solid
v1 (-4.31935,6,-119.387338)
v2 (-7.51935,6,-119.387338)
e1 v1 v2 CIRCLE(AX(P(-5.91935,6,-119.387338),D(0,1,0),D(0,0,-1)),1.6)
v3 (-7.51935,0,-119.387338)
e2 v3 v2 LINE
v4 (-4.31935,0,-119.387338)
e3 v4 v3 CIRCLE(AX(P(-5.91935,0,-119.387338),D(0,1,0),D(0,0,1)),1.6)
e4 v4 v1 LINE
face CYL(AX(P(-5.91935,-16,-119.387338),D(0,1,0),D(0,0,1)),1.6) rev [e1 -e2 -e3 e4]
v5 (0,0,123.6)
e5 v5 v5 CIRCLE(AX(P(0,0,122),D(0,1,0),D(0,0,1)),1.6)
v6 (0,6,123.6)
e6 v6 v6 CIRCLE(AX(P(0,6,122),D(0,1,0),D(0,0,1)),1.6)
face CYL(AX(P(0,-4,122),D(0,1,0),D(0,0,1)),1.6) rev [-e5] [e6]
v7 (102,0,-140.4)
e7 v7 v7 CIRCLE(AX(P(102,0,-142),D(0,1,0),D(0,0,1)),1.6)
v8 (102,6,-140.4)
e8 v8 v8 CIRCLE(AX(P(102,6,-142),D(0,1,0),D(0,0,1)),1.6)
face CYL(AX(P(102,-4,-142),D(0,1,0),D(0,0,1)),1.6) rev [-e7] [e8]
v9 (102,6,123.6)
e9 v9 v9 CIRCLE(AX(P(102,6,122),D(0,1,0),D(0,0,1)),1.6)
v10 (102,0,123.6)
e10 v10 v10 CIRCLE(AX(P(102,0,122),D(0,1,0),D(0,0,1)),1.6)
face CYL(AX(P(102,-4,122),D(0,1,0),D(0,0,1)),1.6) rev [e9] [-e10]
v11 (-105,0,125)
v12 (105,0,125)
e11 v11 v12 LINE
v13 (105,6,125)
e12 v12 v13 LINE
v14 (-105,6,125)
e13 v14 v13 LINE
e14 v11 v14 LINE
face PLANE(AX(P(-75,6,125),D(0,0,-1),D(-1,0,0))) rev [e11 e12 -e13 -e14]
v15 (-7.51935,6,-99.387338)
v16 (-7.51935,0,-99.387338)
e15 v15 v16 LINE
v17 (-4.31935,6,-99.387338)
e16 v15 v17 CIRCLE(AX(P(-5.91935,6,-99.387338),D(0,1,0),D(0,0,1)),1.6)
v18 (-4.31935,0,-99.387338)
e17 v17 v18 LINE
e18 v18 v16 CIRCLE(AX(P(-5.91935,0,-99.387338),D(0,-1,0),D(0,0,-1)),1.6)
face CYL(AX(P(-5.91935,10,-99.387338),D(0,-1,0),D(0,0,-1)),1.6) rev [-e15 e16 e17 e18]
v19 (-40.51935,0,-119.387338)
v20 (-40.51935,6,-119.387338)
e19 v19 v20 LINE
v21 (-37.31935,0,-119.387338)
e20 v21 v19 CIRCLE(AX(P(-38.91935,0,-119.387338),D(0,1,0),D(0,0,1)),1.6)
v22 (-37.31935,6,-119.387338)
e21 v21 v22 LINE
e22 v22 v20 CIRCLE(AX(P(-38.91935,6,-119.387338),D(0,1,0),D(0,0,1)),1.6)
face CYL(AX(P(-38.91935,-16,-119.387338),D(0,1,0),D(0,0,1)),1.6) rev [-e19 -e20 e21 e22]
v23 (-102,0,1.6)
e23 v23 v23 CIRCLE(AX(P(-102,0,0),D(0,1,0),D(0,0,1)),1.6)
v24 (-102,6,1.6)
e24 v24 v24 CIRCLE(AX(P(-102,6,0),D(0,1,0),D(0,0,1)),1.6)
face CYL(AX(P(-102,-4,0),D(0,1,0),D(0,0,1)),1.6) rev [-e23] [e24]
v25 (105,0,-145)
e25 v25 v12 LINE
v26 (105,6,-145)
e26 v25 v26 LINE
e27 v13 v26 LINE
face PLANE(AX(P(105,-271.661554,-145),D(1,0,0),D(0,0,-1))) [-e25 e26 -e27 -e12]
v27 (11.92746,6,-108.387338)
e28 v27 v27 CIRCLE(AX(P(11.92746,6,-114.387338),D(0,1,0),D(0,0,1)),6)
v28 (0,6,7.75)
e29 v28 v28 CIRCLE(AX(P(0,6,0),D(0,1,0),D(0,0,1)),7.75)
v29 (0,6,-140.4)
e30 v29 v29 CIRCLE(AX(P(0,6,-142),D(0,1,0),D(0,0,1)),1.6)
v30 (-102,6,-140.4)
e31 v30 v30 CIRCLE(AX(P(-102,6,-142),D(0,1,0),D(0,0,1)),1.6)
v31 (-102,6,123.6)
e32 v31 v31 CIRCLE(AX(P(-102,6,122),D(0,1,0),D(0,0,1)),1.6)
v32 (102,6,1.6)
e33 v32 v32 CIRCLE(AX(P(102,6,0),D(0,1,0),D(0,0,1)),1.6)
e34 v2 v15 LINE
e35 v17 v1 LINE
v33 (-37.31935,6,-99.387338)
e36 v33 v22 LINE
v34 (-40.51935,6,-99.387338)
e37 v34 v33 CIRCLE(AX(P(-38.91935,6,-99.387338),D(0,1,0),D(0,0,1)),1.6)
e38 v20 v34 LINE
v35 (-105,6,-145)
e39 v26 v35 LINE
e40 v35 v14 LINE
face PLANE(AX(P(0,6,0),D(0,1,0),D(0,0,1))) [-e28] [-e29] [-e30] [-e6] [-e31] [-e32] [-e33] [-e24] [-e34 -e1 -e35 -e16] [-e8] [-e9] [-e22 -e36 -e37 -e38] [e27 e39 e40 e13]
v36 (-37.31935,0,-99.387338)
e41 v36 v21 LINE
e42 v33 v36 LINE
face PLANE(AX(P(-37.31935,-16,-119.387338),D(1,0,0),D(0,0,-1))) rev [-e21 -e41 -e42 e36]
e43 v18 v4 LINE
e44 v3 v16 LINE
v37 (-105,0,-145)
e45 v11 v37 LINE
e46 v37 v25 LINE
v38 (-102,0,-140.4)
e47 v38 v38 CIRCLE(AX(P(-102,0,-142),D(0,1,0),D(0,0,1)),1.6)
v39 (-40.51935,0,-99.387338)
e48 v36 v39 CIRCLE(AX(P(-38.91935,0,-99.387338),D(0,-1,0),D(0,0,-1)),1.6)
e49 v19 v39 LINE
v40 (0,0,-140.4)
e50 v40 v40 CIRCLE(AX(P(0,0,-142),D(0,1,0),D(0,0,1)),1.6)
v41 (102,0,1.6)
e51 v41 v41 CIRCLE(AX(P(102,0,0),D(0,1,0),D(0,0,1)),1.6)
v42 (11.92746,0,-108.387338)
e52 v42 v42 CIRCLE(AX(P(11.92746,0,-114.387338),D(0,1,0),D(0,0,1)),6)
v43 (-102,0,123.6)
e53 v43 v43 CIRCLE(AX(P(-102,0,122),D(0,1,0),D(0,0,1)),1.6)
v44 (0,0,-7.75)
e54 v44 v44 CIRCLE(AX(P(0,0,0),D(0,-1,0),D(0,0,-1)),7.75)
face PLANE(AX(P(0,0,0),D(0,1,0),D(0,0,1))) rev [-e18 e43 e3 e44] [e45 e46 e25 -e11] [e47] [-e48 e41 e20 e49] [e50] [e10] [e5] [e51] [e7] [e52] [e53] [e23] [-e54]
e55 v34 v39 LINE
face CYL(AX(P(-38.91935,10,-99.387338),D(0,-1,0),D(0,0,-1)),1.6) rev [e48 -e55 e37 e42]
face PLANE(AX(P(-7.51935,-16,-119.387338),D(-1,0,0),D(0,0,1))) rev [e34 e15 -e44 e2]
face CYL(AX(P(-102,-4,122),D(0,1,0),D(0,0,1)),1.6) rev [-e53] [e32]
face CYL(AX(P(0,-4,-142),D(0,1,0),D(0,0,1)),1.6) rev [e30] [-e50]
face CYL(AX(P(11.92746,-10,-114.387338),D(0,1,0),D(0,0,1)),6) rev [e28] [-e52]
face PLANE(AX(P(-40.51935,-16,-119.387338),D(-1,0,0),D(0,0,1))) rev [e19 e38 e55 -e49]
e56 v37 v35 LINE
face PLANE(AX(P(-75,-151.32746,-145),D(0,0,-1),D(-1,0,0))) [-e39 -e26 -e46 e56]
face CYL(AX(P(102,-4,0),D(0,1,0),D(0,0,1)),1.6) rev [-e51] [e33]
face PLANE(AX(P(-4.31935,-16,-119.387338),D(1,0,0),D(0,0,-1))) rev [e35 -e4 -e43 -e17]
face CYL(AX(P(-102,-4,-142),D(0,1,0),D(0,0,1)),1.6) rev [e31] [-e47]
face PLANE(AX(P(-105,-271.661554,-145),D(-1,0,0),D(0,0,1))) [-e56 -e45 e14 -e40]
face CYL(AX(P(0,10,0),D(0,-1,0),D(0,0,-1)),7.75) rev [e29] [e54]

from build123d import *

# Parameters (mm, degrees)
SKETCH1_W                                         = 150
SKETCH1_H                                         = 250
SKETCH1_R                                         = 1.75
BOSS_EXTRUDE1_DEPTH                               = 6
SKETCH2_R                                         = 11.25
CUT_EXTRUDE1_DEPTH                                = 6
CSK_FOR_M3_FLAT_HEAD_MACHINE_SCREW1_D             = 3.4
CSK_FOR_M3_FLAT_HEAD_MACHINE_SCREW1_CSINK_D       = 6.3
CSK_FOR_M3_FLAT_HEAD_MACHINE_SCREW1_CSINK_ANGLE   = 90
SKETCH5_W                                         = 150
SKETCH5_H                                         = 20
BOSS_EXTRUDE2_DEPTH                               = 6
CUT_EXTRUDE2_DEPTH                                = 22
SKETCH7_R                                         = 6
CUT_EXTRUDE3_DEPTH                                = 16
SKETCH8_W                                         = 30
SKETCH8_H                                         = 270
BOSS_EXTRUDE3_DEPTH                               = 6
SKETCH9_R                                         = 1.6
CUT_EXTRUDE4_DEPTH                                = 10
SKETCH10_R                                        = 1.6
CUT_EXTRUDE5_DEPTH                                = 10
CSK_FOR_M3_5_FLAT_HEAD_MACHINE_SCREW1_D           = 3.7
CSK_FOR_M3_5_FLAT_HEAD_MACHINE_SCREW1_DEPTH       = 6
CSK_FOR_M3_5_FLAT_HEAD_MACHINE_SCREW1_CSINK_D     = 8.2
CSK_FOR_M3_5_FLAT_HEAD_MACHINE_SCREW1_CSINK_ANGLE = 90
CSK_FOR_M3_5_FLAT_HEAD_MACHINE_SCREW1_TIP         = 1.111592145
SKETCH14_W                                        = 49.124994694
SKETCH14_H                                        = 58.099415668
BOSS_EXTRUDE4_DEPTH                               = 6
SKETCH15_R                                        = 7.75
CUT_EXTRUDE6_DEPTH                                = 10
CUT_EXTRUDE7_START                                = -10
CUT_EXTRUDE7_DEPTH                                = 10


with BuildPart() as part:
    # Sketch1 → Boss-Extrude1 (new body)
    with BuildSketch(Plane(origin=(0, 0, 0), x_dir=(1, 0, 0), z_dir=(0, 1, 0))):
        Rectangle(SKETCH1_W, SKETCH1_H)
        with Locations(Location((-9.899494937, 9.899494937, 0), (0, 0, 270))):
            Circle(SKETCH1_R, mode=Mode.SUBTRACT)
        with Locations(Location((9.899494937, 9.899494937, 0), (0, 0, 270))):
            Circle(SKETCH1_R, mode=Mode.SUBTRACT)
        with Locations(Location((-9.899494937, -9.899494937, 0), (0, 0, 270))):
            Circle(SKETCH1_R, mode=Mode.SUBTRACT)
        with Locations(Location((9.899494937, -9.899494937, 0), (0, 0, 270))):
            Circle(SKETCH1_R, mode=Mode.SUBTRACT)
    extrude(amount=BOSS_EXTRUDE1_DEPTH)

    # Sketch2 → Cut-Extrude1 (cut)
    with BuildSketch(Plane(origin=(0, 6, 0), x_dir=(1, 0, 0), z_dir=(0, 1, 0))):
        with Locations(Location((0, 0, 0), (0, 0, 270))):
            Circle(SKETCH2_R)
    extrude(amount=-CUT_EXTRUDE1_DEPTH, mode=Mode.SUBTRACT)

    # CSK for M3 Flat Head Machine Screw1 (through all)
    with Locations(Plane(origin=(0, 6, 0), x_dir=(1, 0, 0), z_dir=(0, 1, 0))):
        with Locations((-9.899494937, 9.899494937), (9.899494937, 9.899494937), (-9.899494937, -9.899494937), (9.899494937, -9.899494937)):
            CounterSinkHole(CSK_FOR_M3_FLAT_HEAD_MACHINE_SCREW1_D / 2, CSK_FOR_M3_FLAT_HEAD_MACHINE_SCREW1_CSINK_D / 2, counter_sink_angle=CSK_FOR_M3_FLAT_HEAD_MACHINE_SCREW1_CSINK_ANGLE)

    # Sketch5 → Boss-Extrude2 (add)
    with BuildSketch(Plane(origin=(0, 6, 0), x_dir=(1, 0, 0), z_dir=(0, 1, 0))):
        with Locations((0, 135)):
            Rectangle(SKETCH5_W, SKETCH5_H)
    extrude(amount=-BOSS_EXTRUDE2_DEPTH)

    # Sketch6 → Cut-Extrude2 (cut)
    with BuildSketch(Plane(origin=(0, 6, 0), x_dir=(1, 0, 0), z_dir=(0, 1, 0))):
        with BuildLine():
            Line((-37.319349673, 119.387337557), (-37.319349673, 109.387337557))
            ThreePointArc((-37.319349673, 109.387337557), (-38.919349673, 107.787337557), (-40.519349673, 109.387337557))
            Line((-40.519349673, 109.387337557), (-40.519349673, 119.387337557))
            ThreePointArc((-40.519349673, 119.387337557), (-38.919349673, 120.987337557), (-37.319349673, 119.387337557))
        make_face()
        with BuildLine():
            Line((-7.519349673, 119.387337557), (-7.519349673, 109.387337557))
            ThreePointArc((-7.519349673, 109.387337557), (-5.919349673, 107.787337557), (-4.319349673, 109.387337557))
            Line((-4.319349673, 109.387337557), (-4.319349673, 119.387337557))
            ThreePointArc((-4.319349673, 119.387337557), (-5.919349673, 120.987337557), (-7.519349673, 119.387337557))
        make_face()
    extrude(amount=-CUT_EXTRUDE2_DEPTH, mode=Mode.SUBTRACT)

    # Sketch7 → Cut-Extrude3 (cut)
    with BuildSketch(Plane(origin=(0, 6, 0), x_dir=(-1, 0, 0), z_dir=(0, 1, 0))):
        with Locations(Location((-11.927460167, -114.387337557, 0), (0, 0, 90))):
            Circle(SKETCH7_R)
    extrude(amount=-CUT_EXTRUDE3_DEPTH, mode=Mode.SUBTRACT)

    # Sketch8 → Boss-Extrude3 (add)
    with BuildSketch(Plane(origin=(0, 6, 0), x_dir=(1, 0, 0), z_dir=(0, 1, 0))):
        with Locations((-90, 10)):
            Rectangle(SKETCH8_W, SKETCH8_H)
        with Locations((90, 10)):
            Rectangle(SKETCH8_W, SKETCH8_H)
    extrude(amount=-BOSS_EXTRUDE3_DEPTH)

    # Sketch9 → Cut-Extrude4 (cut)
    with BuildSketch(Plane(origin=(0, 6, 0), x_dir=(1, 0, 0), z_dir=(0, 1, 0))):
        with Locations(Location((-102, 142, 0), (0, 0, 270))):
            Circle(SKETCH9_R)
        with Locations(Location((0, 142, 0), (0, 0, 270))):
            Circle(SKETCH9_R)
        with Locations(Location((102, 142, 0), (0, 0, 270))):
            Circle(SKETCH9_R)
        with Locations(Location((-102, 0, 0), (0, 0, 270))):
            Circle(SKETCH9_R)
        with Locations(Location((102, 0, 0), (0, 0, 270))):
            Circle(SKETCH9_R)
        with Locations(Location((-102, -122, 0), (0, 0, 270))):
            Circle(SKETCH9_R)
        with Locations(Location((102, -122, 0), (0, 0, 270))):
            Circle(SKETCH9_R)
        with Locations(Location((0, -122, 0), (0, 0, 270))):
            Circle(SKETCH9_R)
    extrude(amount=-CUT_EXTRUDE4_DEPTH, mode=Mode.SUBTRACT)

    # Sketch10 → Cut-Extrude5 (cut)
    with BuildSketch(Plane(origin=(0, 6, 0), x_dir=(1, 0, 0), z_dir=(0, 1, 0))):
        with Locations(Location((-15.5, 15.5, 0), (0, 0, 270))):
            Circle(SKETCH10_R)
        with Locations(Location((-15.5, -15.5, 0), (0, 0, 270))):
            Circle(SKETCH10_R)
        with Locations(Location((15.5, 15.5, 0), (0, 0, 270))):
            Circle(SKETCH10_R)
        with Locations(Location((15.5, -15.5, 0), (0, 0, 270))):
            Circle(SKETCH10_R)
    extrude(amount=-CUT_EXTRUDE5_DEPTH, mode=Mode.SUBTRACT)

    # CSK for M3.5 Flat Head Machine Screw1
    with Locations(Plane(origin=(0, 6, 0), x_dir=(1, 0, 0), z_dir=(0, 1, 0))):
        with Locations((-15.5, 15.5), (-15.5, -15.5), (15.5, -15.5), (15.5, 15.5)):
            CounterSinkHole(CSK_FOR_M3_5_FLAT_HEAD_MACHINE_SCREW1_D / 2, CSK_FOR_M3_5_FLAT_HEAD_MACHINE_SCREW1_CSINK_D / 2, depth=CSK_FOR_M3_5_FLAT_HEAD_MACHINE_SCREW1_DEPTH, counter_sink_angle=CSK_FOR_M3_5_FLAT_HEAD_MACHINE_SCREW1_CSINK_ANGLE)
            with Locations((0, 0, -(CSK_FOR_M3_5_FLAT_HEAD_MACHINE_SCREW1_DEPTH + CSK_FOR_M3_5_FLAT_HEAD_MACHINE_SCREW1_TIP / 2))):  # 118° drill point
                Cone(0, CSK_FOR_M3_5_FLAT_HEAD_MACHINE_SCREW1_D / 2, CSK_FOR_M3_5_FLAT_HEAD_MACHINE_SCREW1_TIP, mode=Mode.SUBTRACT)

    # Sketch14 → Boss-Extrude4 (add)
    with BuildSketch(Plane.XZ):
        Rectangle(SKETCH14_W, SKETCH14_H)
    extrude(amount=-BOSS_EXTRUDE4_DEPTH)

    # Sketch15 → Cut-Extrude6 (cut)
    with BuildSketch(Plane.XZ):
        with Locations(Location((0, 0, 0), (0, 0, 270))):
            Circle(SKETCH15_R)
    extrude(amount=-CUT_EXTRUDE6_DEPTH, mode=Mode.SUBTRACT)

    # Sketch17 → Cut-Extrude7 (cut)
    with BuildSketch(Plane.XZ.offset(CUT_EXTRUDE7_START)):
        with BuildLine():
            Line((-40.519349673, -119.387337557), (-40.519349673, -99.387337557))
            ThreePointArc((-40.519349673, -99.387337557), (-38.919349673, -97.787337557), (-37.319349673, -99.387337557))
            Line((-37.319349673, -99.387337557), (-37.319349673, -119.387337557))
            ThreePointArc((-37.319349673, -119.387337557), (-38.919349673, -120.987337557), (-40.519349673, -119.387337557))
        make_face()
        with BuildLine():
            Line((-7.519349673, -119.387337557), (-7.519349673, -99.387337557))
            ThreePointArc((-7.519349673, -99.387337557), (-5.919349673, -97.787337557), (-4.319349673, -99.387337557))
            Line((-4.319349673, -99.387337557), (-4.319349673, -119.387337557))
            ThreePointArc((-4.319349673, -119.387337557), (-5.919349673, -120.987337557), (-7.519349673, -119.387337557))
        make_face()
    extrude(amount=CUT_EXTRUDE7_DEPTH, mode=Mode.SUBTRACT)


solid = part.part
